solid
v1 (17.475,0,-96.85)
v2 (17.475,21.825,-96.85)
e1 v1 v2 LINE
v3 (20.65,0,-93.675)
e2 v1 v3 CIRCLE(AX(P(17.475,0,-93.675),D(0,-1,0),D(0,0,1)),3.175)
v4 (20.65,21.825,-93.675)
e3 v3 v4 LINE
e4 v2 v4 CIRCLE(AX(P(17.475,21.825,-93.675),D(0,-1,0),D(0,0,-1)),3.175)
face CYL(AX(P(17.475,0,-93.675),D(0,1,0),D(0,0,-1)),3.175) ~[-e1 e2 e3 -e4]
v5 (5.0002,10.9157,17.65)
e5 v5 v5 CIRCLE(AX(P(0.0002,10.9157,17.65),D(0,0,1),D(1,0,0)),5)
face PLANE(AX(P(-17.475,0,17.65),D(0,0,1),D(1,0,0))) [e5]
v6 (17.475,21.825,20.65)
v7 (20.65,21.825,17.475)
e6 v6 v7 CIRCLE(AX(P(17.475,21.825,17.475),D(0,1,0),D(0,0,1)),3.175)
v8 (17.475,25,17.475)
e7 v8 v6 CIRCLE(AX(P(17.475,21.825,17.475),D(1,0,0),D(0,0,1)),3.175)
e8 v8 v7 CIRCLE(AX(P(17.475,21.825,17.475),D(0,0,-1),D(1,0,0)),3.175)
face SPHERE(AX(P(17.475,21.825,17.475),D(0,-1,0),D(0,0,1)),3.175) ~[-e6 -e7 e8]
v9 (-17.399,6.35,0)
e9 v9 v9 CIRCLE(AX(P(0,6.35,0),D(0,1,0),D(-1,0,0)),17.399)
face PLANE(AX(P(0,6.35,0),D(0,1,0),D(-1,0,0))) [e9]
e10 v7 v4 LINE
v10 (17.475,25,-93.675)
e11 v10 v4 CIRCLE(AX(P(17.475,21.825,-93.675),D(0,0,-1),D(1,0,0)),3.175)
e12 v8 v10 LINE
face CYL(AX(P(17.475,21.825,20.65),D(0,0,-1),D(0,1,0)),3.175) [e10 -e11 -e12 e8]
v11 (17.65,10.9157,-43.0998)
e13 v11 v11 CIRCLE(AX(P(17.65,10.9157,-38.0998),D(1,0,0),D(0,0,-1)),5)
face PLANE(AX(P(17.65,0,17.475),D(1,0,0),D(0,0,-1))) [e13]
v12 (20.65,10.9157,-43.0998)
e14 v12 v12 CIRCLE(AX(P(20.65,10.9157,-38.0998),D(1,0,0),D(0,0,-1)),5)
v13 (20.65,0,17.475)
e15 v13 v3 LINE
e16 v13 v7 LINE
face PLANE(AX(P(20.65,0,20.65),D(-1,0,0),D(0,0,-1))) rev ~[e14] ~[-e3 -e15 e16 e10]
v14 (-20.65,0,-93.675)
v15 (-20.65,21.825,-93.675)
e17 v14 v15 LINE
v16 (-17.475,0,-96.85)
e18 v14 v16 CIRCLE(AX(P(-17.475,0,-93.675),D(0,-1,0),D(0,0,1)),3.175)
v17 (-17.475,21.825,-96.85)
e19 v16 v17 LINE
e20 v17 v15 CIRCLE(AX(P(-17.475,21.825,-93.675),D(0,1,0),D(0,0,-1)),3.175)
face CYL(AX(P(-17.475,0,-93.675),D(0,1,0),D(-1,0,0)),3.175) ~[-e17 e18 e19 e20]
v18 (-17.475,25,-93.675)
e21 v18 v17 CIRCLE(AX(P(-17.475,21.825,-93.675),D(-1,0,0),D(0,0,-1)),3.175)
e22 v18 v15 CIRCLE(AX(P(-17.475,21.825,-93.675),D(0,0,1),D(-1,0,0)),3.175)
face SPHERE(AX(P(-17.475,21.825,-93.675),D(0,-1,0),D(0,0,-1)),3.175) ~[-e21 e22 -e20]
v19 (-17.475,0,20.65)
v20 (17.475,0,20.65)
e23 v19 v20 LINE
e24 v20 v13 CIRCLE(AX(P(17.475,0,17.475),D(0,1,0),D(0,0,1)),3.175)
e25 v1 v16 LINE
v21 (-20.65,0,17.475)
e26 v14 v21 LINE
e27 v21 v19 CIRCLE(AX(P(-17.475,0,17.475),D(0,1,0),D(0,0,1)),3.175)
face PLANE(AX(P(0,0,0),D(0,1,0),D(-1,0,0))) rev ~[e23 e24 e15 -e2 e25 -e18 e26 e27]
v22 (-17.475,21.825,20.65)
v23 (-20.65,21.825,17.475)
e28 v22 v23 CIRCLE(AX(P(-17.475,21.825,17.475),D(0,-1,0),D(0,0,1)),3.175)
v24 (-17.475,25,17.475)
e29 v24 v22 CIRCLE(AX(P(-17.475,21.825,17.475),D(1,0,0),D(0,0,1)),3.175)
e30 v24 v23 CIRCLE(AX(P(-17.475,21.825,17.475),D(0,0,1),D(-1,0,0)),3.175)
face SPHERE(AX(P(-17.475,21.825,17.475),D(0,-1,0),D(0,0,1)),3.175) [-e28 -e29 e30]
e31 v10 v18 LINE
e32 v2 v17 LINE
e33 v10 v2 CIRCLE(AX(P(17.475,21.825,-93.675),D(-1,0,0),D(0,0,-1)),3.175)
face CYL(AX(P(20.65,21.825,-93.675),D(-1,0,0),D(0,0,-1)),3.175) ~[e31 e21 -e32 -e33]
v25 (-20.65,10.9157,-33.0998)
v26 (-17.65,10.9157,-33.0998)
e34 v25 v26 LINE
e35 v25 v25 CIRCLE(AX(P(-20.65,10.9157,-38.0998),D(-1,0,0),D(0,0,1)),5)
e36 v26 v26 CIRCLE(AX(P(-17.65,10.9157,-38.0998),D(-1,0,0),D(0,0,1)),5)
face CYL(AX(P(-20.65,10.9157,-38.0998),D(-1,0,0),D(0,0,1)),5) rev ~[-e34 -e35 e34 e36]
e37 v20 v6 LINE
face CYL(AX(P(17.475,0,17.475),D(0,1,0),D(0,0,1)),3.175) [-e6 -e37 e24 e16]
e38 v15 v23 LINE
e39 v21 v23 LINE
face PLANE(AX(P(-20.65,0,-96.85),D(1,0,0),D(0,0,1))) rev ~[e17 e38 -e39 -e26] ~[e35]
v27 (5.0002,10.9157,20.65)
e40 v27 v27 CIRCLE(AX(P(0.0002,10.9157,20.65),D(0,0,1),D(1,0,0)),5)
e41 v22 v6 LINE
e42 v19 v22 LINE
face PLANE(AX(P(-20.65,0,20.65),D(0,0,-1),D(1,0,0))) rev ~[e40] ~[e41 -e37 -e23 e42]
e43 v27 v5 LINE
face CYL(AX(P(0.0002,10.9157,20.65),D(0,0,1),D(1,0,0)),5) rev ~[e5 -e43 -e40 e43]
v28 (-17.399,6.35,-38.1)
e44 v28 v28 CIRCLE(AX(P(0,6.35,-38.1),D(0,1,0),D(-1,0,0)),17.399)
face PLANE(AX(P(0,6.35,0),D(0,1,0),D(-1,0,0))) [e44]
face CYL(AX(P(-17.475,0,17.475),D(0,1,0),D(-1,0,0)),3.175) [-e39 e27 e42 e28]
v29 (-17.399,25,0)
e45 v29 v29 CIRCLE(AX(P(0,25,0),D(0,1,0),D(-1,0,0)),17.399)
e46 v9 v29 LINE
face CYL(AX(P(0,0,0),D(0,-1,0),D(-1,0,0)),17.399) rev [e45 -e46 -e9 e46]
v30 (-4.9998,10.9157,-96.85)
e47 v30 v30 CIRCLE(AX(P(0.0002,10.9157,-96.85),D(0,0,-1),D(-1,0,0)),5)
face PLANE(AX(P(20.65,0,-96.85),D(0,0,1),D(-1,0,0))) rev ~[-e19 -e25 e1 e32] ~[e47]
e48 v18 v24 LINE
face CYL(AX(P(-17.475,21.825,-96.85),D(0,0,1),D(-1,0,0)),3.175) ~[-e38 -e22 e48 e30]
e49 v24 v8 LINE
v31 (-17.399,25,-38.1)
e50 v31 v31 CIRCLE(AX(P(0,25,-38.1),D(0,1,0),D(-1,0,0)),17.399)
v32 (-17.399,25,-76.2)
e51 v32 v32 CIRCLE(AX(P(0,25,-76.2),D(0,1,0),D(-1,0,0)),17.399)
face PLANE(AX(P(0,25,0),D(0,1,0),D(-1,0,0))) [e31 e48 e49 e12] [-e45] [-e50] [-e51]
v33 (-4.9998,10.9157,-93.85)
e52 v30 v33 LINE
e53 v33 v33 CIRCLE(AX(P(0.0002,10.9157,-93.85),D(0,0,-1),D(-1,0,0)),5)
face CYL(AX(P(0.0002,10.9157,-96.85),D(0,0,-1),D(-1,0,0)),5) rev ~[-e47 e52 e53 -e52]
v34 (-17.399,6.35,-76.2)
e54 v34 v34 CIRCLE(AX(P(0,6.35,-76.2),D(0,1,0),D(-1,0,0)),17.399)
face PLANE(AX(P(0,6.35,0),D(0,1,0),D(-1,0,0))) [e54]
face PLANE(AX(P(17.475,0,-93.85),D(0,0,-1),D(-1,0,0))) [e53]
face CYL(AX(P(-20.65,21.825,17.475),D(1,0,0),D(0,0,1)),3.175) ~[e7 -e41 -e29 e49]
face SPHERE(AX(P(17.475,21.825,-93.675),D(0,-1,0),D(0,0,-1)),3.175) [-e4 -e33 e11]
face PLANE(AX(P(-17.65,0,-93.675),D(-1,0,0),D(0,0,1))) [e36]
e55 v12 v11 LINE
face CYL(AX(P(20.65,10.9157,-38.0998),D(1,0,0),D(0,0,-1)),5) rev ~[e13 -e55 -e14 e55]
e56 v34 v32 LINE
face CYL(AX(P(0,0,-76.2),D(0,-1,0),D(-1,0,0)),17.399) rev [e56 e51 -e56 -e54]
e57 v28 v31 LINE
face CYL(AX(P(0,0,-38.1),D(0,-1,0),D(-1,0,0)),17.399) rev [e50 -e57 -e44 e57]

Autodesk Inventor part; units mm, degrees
ref_plane "YZ Plane" through (0, 0, 0) normal (1, 0, 0) x (0, 1, 0)
ref_plane "XZ Plane" through (0, 0, 0) normal (0, 1, 0) x (-1, 0, 0)
ref_plane "XY Plane" through (0, 0, 0) normal (0, 0, 1) x (1, 0, 0)
sketch "Sketch1" plane through (0, 0, 0) normal (0, 1, 0) x (-1, 0, 0)
  circle A0 centre (0, 0) radius 17.399
  circle A1 centre (0, -38.1) radius 17.399
  circle A2 centre (0, -76.2) radius 17.399
  line L0 (20.65, 20.65) -> (-20.65, 20.65)
  line L1 (-20.65, 20.65) -> (-20.65, -96.85)
  line L2 (-20.65, -96.85) -> (20.65, -96.85)
  line L3 (20.65, -96.85) -> (20.65, 20.65)
  dimension "d0" = 34.798
  dimension "d1" = 34.798
  dimension "d2" = 38.1
  dimension "d3" = 34.798
  dimension "d4" = 38.1
  dimension "d5" = 20.65
  dimension "d6" = 20.65
  dimension "d7" = 20.65
  dimension "d8" = 20.65
extrude "Extrusion1" add sketch "Sketch1" along normal blind 25
extrude "Extrusion2" add sketch "Sketch1" along normal blind 6.35 contours A0 | A1 | A2
fillet "Fillet1" radius 3.175 8 edges at (20.65, 12.5, 20.65) (-20.65, 12.5, 20.65) (20.65, 12.5, -96.85) (-20.65, 12.5, -96.85) (0, 25, -96.85) (0, 25, 20.65) (20.65, 25, -38.1) (-20.65, 25, -38.1)
sketch "Sketch3" plane through (-20.65, 0, -93.675) normal (-1, 0, 0) x (0, 0, 1)
  circle A0 centre (55.5752, 10.9157) radius 5
  line L0 (0, 0) -> (0, 21.825) projected
  line L1 (0, 21.825) -> (111.15, 21.825) projected
  point P0 (93.675, 0)
  dimension "d19" = 10
  dimension "d20" = 55.5752
  dimension "d21" = 10.9093
extrude "Extrusion4" cut sketch "Sketch3" against normal blind 3
sketch "Sketch4" plane through (-17.475, 0, 20.65) normal (0, 0, 1) x (1, 0, 0)
  circle A0 centre (17.4752, 10.9157) radius 5
  line L0 (0, 0) -> (0, 21.825) projected
  line L1 (0, 21.825) -> (34.95, 21.825) projected
  point P0 (17.475, 0)
  dimension "d24" = 10
  dimension "d25" = 17.4752
  dimension "d26" = 10.9093
extrude "Extrusion5" cut sketch "Sketch4" against normal blind 3
sketch "Sketch5" plane through (20.65, 0, 17.475) normal (1, 0, 0) x (0, 0, -1)
  circle A0 centre (55.5748, 10.9157) radius 5 projected
  circle A1 centre (55.5748, 10.9157) radius 5
  point P0 (17.475, 0)
  dimension "d29" = 10
extrude "Extrusion6" cut sketch "Sketch5" against normal blind 3
sketch "Sketch6" plane through (17.475, 0, -96.85) normal (0, 0, -1) x (-1, 0, 0)
  circle A0 centre (17.4748, 10.9157) radius 5 projected
  circle A1 centre (17.4748, 10.9157) radius 5
  point P0 (17.475, 0)
extrude "Extrusion7" cut sketch "Sketch6" against normal blind 3
properties part number "_3DPrint"
